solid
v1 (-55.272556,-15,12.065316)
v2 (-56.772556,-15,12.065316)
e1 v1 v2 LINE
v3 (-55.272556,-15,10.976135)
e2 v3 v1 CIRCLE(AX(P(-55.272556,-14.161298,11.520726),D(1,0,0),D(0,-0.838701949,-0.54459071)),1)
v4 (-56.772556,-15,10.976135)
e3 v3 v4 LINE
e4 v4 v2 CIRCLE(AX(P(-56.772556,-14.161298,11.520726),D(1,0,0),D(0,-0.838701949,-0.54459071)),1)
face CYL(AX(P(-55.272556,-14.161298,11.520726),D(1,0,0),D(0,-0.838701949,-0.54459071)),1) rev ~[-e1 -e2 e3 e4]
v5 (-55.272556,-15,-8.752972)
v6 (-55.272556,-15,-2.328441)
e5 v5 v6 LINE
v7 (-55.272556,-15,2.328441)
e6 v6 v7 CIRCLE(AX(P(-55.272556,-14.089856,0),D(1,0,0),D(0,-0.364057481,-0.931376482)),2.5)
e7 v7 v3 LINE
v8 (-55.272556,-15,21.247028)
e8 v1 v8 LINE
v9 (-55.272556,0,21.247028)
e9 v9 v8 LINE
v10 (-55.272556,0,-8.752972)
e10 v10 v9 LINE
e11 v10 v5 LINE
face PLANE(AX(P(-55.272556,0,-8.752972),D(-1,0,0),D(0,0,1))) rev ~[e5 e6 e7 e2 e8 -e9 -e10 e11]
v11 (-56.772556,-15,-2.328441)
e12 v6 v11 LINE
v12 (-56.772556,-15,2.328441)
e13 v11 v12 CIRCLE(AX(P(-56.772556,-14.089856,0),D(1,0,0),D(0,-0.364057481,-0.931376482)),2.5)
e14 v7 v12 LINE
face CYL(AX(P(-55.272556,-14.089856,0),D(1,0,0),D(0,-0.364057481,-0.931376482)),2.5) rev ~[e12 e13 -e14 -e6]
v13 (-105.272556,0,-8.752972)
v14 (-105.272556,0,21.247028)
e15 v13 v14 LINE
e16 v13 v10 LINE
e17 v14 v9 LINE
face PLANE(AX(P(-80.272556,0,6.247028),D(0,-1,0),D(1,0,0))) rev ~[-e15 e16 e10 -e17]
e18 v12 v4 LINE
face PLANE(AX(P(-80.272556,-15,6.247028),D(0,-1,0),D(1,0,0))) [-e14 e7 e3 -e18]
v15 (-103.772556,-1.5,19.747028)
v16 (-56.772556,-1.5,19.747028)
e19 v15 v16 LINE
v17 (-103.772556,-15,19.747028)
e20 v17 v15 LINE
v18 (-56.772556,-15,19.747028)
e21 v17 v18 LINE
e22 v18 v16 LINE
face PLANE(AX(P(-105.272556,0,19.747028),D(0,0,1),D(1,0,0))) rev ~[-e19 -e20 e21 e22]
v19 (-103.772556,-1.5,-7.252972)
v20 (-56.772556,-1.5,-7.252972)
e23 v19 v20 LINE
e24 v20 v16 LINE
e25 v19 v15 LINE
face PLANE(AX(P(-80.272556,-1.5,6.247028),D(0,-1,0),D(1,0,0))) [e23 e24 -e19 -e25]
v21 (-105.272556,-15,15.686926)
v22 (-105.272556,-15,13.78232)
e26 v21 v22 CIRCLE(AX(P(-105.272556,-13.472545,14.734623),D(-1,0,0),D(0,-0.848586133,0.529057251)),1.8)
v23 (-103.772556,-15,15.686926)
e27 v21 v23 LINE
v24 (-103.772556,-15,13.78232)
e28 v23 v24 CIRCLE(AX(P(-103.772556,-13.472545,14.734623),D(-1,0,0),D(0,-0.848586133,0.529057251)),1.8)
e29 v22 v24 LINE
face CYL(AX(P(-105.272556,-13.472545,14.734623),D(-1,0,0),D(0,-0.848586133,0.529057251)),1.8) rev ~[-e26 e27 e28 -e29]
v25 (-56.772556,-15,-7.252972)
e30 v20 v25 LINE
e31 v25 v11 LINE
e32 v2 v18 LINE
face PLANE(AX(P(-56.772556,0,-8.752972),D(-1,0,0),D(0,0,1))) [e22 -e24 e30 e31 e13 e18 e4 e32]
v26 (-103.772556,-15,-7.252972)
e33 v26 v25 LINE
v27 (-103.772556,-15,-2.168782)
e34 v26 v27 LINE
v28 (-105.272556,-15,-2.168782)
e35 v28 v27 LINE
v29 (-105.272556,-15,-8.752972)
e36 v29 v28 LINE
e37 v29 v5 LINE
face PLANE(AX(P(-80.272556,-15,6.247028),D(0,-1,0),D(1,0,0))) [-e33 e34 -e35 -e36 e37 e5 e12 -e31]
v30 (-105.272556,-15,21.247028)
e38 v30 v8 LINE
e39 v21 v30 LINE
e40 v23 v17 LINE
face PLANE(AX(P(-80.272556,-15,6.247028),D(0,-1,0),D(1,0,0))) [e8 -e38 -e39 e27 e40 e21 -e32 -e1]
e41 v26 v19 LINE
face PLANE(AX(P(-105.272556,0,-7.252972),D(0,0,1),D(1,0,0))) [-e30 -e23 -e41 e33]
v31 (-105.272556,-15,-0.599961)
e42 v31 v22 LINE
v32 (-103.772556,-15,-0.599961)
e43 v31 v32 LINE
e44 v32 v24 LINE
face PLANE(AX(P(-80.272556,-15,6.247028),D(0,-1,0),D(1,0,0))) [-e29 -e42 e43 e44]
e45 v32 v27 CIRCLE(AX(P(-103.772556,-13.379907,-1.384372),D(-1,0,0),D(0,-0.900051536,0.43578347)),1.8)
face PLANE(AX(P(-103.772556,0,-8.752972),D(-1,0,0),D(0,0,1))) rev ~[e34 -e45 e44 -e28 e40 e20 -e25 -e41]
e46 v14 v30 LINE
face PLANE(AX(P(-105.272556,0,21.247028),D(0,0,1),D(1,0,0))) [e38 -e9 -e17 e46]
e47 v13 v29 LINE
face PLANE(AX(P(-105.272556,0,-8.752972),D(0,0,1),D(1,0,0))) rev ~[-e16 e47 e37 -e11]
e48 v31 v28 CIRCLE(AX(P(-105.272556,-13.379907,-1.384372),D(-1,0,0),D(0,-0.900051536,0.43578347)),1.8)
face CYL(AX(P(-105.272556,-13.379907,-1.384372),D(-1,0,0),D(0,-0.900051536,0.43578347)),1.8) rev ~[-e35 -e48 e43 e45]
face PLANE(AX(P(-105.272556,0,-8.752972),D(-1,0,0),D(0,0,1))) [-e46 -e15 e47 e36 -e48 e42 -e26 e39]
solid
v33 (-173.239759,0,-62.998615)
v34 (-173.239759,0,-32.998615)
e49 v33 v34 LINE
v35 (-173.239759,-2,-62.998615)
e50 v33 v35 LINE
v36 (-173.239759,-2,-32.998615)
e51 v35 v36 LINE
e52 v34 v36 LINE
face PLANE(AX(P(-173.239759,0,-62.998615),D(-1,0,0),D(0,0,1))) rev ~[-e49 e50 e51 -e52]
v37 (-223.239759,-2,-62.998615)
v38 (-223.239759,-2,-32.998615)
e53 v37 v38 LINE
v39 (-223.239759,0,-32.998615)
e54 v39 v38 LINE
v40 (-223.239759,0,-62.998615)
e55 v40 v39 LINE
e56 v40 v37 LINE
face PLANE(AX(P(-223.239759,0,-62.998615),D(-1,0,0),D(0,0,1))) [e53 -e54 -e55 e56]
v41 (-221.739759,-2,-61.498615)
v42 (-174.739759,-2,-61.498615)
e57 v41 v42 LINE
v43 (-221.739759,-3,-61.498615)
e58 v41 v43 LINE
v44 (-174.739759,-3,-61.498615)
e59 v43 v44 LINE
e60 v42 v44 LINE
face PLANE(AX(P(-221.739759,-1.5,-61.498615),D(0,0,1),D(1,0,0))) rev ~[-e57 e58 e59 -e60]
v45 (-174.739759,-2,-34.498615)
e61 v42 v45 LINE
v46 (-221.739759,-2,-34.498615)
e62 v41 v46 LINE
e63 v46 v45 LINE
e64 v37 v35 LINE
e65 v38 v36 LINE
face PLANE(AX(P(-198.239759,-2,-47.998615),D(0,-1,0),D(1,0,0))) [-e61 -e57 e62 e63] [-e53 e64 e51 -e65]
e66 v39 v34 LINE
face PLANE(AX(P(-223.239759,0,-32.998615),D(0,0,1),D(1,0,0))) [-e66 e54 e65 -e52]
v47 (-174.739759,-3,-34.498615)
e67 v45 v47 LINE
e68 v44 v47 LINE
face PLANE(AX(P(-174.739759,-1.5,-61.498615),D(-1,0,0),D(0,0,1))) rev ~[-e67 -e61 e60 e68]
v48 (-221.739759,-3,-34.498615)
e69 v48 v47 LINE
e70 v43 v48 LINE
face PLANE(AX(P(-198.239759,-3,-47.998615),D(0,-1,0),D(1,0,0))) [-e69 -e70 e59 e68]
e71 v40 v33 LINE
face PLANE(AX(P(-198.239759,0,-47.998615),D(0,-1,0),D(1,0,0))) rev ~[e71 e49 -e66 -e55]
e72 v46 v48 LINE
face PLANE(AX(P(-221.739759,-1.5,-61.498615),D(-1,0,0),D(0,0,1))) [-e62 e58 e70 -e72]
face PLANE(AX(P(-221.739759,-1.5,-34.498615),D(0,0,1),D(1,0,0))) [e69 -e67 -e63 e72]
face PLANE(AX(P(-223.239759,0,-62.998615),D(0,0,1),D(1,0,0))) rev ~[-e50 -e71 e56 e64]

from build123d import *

# Parameters (mm, degrees)
F0_W     = 50
F0_H     = 30
F1_DEPTH = 15
F2_T     = -1.5
F3_DEPTH = 2
F4_T     = -1.5
F5_DEPTH = 1.5
F7_DEPTH = 5
F9_DEPTH = 5


with BuildPart() as f1:
    # F0 (on Front) → F1 (new body)
    with BuildSketch(Plane.XZ):
        with Locations((-80.2725559641, 6.2470277771)):
            Rectangle(F0_W, F0_H)
    extrude(amount=F1_DEPTH)

    # F2
    f2_openings = [f1.faces().sort_by_distance(p)[0] for p in [
        (-80.272556, -15, 6.247028),
    ]]
    offset(amount=F2_T, openings=f2_openings)

    # F6 (on face) → F7 (cut)
    with BuildSketch(Plane(origin=(-105.2725559641, 0, 0), x_dir=(0, -1, 0), z_dir=(-1, 0, 0))):
        with BuildLine():
            Line((15, -2.1687817886), (15, -0.5999612961))
            ThreePointArc((15, -0.5999612961), (11.5799072355, -1.3843715424), (15, -2.1687817886))
        make_face()
        with BuildLine():
            Line((15, 13.7823199704), (15, 15.6869260744))
            ThreePointArc((15, 15.6869260744), (11.6725449607, 14.7346230224), (15, 13.7823199704))
        make_face()
    extrude(amount=-F7_DEPTH, mode=Mode.SUBTRACT)

    # F8 (on face) → F9 (cut)
    with BuildSketch(Plane.YZ.offset(-55.2725559641)):
        with BuildLine():
            Line((-15, 2.3284412038), (-15, -2.3284412038))
            ThreePointArc((-15, -2.3284412038), (-11.5898562968, 0), (-15, 2.3284412038))
        make_face()
        with BuildLine():
            Line((-15, 12.065316385), (-15, 10.9761349648))
            ThreePointArc((-15, 10.9761349648), (-13.1612980515, 11.5207256749), (-15, 12.065316385))
        make_face()
    extrude(amount=-F9_DEPTH, mode=Mode.SUBTRACT)


with BuildPart() as f3:
    # F0 (on Front) → F3 (new body)
    with BuildSketch(Plane.XZ):
        with Locations((-198.2397586107, -47.9986146092)):
            Rectangle(F0_W, F0_H)
    extrude(amount=F3_DEPTH)

    # F4
    f4_openings = [f3.faces().sort_by_distance(p)[0] for p in [
        (-198.239759, -2, -47.998615),
    ]]
    offset(amount=F4_T, openings=f4_openings)

    # F5 (add): a face of the model
    f5_faces = [f3.faces().sort_by_distance(p)[0] for p in [
        (-198.2397586107, -1.5, -47.9986146092),
    ]]
    extrude(f5_faces, amount=F5_DEPTH)


solid = Compound([f1.part, f3.part])
